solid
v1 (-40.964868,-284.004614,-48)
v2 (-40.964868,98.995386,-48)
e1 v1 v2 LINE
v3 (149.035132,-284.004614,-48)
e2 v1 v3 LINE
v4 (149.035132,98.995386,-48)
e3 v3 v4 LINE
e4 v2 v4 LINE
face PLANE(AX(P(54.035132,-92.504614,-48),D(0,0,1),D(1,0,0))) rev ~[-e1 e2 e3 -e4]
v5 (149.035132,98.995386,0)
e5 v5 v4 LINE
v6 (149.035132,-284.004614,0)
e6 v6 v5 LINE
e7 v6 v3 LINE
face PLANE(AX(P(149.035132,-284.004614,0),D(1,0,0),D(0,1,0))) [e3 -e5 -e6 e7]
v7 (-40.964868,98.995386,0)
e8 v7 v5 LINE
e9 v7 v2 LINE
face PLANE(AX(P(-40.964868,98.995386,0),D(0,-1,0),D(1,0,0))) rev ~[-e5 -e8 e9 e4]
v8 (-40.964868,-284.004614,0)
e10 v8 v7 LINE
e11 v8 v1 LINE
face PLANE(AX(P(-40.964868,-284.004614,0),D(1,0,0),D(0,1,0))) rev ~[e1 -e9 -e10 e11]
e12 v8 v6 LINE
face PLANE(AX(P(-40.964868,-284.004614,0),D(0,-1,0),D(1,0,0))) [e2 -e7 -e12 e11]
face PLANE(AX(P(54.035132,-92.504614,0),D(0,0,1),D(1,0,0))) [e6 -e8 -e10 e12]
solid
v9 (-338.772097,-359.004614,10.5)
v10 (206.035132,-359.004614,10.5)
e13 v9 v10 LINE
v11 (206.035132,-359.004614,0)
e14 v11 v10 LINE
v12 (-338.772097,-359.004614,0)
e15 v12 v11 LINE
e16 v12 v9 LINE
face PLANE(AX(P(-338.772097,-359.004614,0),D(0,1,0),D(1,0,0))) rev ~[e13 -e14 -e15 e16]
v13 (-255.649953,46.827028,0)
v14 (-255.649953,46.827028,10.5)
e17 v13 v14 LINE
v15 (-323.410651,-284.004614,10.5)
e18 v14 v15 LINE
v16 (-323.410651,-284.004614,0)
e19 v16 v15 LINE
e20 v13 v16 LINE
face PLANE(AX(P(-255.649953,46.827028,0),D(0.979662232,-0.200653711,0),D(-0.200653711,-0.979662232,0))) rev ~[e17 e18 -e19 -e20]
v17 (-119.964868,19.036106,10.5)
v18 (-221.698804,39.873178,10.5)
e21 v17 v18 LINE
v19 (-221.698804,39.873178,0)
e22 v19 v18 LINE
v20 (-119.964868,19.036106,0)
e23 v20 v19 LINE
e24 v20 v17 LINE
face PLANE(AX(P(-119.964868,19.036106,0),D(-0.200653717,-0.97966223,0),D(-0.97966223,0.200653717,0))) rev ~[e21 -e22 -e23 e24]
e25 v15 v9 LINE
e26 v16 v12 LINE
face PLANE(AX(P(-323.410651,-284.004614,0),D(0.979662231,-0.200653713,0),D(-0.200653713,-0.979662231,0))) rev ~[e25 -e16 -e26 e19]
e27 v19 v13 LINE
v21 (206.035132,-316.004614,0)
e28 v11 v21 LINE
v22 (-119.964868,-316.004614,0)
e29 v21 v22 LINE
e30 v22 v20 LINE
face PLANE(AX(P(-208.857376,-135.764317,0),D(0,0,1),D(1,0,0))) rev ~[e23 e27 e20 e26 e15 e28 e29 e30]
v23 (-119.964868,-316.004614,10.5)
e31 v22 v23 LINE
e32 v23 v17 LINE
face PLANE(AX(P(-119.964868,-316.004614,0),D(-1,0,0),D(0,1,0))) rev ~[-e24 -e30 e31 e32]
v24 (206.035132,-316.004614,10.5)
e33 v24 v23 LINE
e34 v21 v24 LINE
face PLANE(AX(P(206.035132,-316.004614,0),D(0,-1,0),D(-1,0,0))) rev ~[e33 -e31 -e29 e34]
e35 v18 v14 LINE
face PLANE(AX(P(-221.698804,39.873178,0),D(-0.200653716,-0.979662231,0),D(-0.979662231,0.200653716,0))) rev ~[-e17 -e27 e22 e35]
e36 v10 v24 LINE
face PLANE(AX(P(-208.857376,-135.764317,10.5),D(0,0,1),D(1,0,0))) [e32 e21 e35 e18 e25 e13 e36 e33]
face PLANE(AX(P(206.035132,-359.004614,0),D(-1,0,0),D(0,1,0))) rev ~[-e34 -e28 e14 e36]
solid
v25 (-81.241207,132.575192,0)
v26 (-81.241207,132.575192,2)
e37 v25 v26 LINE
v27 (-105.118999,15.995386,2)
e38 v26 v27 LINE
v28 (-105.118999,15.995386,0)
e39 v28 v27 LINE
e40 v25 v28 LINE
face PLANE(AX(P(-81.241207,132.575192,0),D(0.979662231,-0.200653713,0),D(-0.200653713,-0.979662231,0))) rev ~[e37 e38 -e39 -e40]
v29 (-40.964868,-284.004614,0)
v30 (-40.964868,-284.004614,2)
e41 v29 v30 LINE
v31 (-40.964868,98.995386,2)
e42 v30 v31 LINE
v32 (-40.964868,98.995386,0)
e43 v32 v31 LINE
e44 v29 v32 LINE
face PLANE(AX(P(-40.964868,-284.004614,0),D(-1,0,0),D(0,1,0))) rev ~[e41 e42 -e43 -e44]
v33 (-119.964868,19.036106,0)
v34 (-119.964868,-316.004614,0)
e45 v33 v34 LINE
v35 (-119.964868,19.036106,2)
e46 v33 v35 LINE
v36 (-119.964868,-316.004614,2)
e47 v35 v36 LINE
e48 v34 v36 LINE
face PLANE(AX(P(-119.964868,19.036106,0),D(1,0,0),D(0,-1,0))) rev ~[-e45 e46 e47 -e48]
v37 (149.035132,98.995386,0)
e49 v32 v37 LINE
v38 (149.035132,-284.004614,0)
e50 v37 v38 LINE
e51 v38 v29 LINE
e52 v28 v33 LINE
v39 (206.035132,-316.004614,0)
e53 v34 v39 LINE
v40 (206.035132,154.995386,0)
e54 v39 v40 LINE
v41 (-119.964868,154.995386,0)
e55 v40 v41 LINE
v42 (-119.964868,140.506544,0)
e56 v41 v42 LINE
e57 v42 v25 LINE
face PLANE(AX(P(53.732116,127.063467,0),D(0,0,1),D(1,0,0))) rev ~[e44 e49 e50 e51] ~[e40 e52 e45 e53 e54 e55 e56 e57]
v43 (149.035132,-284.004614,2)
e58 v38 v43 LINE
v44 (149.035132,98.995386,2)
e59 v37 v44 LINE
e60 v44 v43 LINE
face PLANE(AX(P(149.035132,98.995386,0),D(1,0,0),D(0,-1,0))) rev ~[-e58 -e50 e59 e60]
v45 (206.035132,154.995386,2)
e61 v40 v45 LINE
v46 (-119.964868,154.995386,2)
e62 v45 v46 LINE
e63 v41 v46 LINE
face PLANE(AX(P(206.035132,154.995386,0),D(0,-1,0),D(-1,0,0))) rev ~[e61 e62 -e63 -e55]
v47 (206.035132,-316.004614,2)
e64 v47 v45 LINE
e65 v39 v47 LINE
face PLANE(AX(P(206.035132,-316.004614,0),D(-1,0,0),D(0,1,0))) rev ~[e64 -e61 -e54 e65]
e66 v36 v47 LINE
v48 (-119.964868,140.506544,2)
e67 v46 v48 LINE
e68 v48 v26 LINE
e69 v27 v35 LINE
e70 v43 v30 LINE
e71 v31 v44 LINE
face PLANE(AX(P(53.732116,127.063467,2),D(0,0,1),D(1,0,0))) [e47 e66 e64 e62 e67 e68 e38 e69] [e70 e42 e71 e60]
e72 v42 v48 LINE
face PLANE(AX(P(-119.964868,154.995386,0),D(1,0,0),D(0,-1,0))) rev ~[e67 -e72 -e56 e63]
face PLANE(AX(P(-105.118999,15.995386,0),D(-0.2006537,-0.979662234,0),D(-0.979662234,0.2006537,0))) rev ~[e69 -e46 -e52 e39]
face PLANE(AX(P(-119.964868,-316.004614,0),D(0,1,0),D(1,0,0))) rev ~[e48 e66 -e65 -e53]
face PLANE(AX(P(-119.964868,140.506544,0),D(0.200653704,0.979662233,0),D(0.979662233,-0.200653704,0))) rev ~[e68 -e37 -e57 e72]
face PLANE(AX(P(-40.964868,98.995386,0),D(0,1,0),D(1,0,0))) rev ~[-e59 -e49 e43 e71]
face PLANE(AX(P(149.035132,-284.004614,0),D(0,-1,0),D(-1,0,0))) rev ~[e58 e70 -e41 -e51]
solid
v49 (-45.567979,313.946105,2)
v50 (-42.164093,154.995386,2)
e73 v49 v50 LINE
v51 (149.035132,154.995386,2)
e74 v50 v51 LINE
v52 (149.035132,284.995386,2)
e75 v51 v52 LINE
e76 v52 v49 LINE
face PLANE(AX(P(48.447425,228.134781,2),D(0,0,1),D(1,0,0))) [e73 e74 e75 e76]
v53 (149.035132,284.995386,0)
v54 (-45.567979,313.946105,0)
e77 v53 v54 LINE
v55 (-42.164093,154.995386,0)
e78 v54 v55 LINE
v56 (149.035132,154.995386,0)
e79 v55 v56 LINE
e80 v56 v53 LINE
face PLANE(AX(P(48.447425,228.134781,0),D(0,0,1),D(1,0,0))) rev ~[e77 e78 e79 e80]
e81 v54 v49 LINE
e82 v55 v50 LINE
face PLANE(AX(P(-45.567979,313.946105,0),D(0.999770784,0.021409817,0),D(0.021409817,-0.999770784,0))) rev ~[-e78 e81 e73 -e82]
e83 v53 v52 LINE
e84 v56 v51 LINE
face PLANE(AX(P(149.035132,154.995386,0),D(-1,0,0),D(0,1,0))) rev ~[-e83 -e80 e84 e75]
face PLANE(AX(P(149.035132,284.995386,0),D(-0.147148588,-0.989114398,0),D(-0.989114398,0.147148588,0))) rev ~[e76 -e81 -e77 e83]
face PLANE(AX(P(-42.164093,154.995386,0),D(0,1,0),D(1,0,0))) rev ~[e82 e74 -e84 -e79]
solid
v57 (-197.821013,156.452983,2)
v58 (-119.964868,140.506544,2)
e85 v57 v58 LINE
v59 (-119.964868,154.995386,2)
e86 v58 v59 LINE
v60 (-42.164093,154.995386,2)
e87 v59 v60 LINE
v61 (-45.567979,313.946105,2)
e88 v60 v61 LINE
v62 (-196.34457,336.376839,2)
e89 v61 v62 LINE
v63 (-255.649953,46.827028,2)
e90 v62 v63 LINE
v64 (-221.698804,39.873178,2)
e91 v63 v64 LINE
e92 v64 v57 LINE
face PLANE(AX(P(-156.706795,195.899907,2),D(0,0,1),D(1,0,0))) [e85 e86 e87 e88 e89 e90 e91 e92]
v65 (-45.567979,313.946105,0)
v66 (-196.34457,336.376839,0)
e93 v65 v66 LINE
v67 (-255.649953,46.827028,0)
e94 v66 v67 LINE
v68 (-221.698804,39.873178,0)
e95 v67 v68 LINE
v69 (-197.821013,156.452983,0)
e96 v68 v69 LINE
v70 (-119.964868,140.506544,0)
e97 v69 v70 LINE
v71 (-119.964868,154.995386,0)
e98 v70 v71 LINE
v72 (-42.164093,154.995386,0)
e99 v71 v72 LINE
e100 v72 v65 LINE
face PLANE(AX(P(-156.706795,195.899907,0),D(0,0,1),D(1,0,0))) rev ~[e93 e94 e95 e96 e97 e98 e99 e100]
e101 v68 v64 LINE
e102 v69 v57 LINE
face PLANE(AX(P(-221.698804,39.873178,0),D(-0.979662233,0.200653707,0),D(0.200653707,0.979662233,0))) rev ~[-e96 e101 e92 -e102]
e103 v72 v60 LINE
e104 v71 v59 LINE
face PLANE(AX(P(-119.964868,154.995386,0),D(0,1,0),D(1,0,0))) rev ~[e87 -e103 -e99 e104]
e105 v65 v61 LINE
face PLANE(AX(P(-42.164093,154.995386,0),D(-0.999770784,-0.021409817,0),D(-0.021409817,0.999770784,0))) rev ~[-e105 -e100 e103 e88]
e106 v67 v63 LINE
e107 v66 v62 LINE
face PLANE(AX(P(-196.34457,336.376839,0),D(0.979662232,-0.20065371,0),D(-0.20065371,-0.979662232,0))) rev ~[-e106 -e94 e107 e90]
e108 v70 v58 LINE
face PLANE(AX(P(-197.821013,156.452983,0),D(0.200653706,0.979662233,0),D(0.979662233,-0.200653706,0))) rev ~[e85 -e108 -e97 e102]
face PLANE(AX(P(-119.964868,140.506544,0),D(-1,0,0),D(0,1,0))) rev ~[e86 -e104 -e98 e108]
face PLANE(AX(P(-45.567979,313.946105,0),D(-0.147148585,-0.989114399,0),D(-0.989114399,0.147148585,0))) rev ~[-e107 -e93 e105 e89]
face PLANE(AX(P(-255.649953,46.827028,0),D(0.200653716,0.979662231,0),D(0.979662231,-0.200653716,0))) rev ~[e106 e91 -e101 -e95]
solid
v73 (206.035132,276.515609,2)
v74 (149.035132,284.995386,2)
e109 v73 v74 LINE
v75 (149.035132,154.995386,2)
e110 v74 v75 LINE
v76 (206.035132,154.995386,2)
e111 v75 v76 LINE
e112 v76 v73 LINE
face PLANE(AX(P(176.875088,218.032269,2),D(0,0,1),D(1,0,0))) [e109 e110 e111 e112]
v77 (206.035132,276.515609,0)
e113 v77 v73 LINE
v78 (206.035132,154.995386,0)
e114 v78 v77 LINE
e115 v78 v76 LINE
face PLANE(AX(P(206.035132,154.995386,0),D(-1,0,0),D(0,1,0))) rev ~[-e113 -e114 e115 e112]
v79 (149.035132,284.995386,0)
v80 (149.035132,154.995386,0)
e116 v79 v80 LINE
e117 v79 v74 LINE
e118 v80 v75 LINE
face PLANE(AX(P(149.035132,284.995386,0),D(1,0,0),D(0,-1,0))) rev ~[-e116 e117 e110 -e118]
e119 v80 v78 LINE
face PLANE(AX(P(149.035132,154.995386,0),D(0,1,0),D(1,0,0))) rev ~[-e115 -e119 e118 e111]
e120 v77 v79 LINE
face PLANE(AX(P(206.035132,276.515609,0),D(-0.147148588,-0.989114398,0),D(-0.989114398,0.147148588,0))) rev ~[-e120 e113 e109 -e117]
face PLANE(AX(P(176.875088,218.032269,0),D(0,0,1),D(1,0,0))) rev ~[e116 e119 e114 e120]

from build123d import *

# Parameters (mm, degrees)
F0_W     = 190
F0_H     = 383
F1_DEPTH = 48
F2_DEPTH = 2
F0_W_2   = 57
F0_H_2   = 43
F3_DEPTH = 10.5
F4_DEPTH = 2
F5_DEPTH = 2


with BuildPart() as f1:
    # F0 (on Top) → F1 (new body)
    with BuildSketch(Plane.XY):
        with Locations((54.035132, -92.504614)):
            Rectangle(F0_W, F0_H)
    extrude(amount=-F1_DEPTH)


with BuildPart() as f2:
    # F0 (on Top) → F2 (new body)
    with BuildSketch(Plane.XY):
        Polygon((149.035132, 154.995386), (-42.164093, 154.995386), (-40.964868, 98.995386), (149.035132, 98.995386), align=None)
        Polygon((-40.964868, -284.004614), (-119.964868, -284.004614), (-119.964868, -316.004614), (149.035132, -316.004614), (149.035132, -284.004614), align=None)
        Polygon((-40.964868, 98.995386), (-42.164093, 154.995386), (-119.964868, 154.995386), (-119.964868, 140.506544), (-81.241207, 132.575192), (-105.118999, 15.995386), (-119.964868, 19.036106), (-119.964868, -284.004614), (-40.964868, -284.004614), align=None)
        Polygon((206.035132, 154.995386), (149.035132, 154.995386), (149.035132, 98.995386), (149.035132, -284.004614), (149.035132, -316.004614), (206.035132, -316.004614), align=None)
    extrude(amount=F2_DEPTH)


with BuildPart() as f3:
    # F0 (on Top) → F3 (new body)
    with BuildSketch(Plane.XY):
        Polygon((-221.698804, 39.873178), (-255.649953, 46.827028), (-323.410651, -284.004614), (-119.964868, -284.004614), (-119.964868, 19.036106), align=None)
        Polygon((-119.964868, -284.004614), (-323.410651, -284.004614), (-338.772097, -359.004614), (149.035132, -359.004614), (149.035132, -316.004614), (-119.964868, -316.004614), align=None)
        with Locations((177.535132, -337.504614)):
            Rectangle(F0_W_2, F0_H_2)
    extrude(amount=F3_DEPTH)


with BuildPart() as f4:
    # F0 (on Top) → F4 (new body)
    with BuildSketch(Plane.XY):
        Polygon((149.035132, 284.995386), (-45.567979, 313.946105), (-42.164093, 154.995386), (149.035132, 154.995386), align=None)
    extrude(amount=F4_DEPTH)


with BuildPart() as f5:
    # F0 (on Top) → F5 (new body, through all)
    with BuildSketch(Plane.XY):
        Polygon((-45.567979, 313.946105), (-196.34457, 336.376839), (-255.649953, 46.827028), (-221.698804, 39.873178), (-197.821013, 156.452983), (-119.964868, 140.506544), (-119.964868, 154.995386), (-42.164093, 154.995386), align=None)
        Polygon((206.035132, 276.515609), (149.035132, 284.995386), (149.035132, 154.995386), (206.035132, 154.995386), align=None)
    extrude(amount=F5_DEPTH)


solid = Compound([f1.part, f2.part, f3.part, f4.part, f5.part])
